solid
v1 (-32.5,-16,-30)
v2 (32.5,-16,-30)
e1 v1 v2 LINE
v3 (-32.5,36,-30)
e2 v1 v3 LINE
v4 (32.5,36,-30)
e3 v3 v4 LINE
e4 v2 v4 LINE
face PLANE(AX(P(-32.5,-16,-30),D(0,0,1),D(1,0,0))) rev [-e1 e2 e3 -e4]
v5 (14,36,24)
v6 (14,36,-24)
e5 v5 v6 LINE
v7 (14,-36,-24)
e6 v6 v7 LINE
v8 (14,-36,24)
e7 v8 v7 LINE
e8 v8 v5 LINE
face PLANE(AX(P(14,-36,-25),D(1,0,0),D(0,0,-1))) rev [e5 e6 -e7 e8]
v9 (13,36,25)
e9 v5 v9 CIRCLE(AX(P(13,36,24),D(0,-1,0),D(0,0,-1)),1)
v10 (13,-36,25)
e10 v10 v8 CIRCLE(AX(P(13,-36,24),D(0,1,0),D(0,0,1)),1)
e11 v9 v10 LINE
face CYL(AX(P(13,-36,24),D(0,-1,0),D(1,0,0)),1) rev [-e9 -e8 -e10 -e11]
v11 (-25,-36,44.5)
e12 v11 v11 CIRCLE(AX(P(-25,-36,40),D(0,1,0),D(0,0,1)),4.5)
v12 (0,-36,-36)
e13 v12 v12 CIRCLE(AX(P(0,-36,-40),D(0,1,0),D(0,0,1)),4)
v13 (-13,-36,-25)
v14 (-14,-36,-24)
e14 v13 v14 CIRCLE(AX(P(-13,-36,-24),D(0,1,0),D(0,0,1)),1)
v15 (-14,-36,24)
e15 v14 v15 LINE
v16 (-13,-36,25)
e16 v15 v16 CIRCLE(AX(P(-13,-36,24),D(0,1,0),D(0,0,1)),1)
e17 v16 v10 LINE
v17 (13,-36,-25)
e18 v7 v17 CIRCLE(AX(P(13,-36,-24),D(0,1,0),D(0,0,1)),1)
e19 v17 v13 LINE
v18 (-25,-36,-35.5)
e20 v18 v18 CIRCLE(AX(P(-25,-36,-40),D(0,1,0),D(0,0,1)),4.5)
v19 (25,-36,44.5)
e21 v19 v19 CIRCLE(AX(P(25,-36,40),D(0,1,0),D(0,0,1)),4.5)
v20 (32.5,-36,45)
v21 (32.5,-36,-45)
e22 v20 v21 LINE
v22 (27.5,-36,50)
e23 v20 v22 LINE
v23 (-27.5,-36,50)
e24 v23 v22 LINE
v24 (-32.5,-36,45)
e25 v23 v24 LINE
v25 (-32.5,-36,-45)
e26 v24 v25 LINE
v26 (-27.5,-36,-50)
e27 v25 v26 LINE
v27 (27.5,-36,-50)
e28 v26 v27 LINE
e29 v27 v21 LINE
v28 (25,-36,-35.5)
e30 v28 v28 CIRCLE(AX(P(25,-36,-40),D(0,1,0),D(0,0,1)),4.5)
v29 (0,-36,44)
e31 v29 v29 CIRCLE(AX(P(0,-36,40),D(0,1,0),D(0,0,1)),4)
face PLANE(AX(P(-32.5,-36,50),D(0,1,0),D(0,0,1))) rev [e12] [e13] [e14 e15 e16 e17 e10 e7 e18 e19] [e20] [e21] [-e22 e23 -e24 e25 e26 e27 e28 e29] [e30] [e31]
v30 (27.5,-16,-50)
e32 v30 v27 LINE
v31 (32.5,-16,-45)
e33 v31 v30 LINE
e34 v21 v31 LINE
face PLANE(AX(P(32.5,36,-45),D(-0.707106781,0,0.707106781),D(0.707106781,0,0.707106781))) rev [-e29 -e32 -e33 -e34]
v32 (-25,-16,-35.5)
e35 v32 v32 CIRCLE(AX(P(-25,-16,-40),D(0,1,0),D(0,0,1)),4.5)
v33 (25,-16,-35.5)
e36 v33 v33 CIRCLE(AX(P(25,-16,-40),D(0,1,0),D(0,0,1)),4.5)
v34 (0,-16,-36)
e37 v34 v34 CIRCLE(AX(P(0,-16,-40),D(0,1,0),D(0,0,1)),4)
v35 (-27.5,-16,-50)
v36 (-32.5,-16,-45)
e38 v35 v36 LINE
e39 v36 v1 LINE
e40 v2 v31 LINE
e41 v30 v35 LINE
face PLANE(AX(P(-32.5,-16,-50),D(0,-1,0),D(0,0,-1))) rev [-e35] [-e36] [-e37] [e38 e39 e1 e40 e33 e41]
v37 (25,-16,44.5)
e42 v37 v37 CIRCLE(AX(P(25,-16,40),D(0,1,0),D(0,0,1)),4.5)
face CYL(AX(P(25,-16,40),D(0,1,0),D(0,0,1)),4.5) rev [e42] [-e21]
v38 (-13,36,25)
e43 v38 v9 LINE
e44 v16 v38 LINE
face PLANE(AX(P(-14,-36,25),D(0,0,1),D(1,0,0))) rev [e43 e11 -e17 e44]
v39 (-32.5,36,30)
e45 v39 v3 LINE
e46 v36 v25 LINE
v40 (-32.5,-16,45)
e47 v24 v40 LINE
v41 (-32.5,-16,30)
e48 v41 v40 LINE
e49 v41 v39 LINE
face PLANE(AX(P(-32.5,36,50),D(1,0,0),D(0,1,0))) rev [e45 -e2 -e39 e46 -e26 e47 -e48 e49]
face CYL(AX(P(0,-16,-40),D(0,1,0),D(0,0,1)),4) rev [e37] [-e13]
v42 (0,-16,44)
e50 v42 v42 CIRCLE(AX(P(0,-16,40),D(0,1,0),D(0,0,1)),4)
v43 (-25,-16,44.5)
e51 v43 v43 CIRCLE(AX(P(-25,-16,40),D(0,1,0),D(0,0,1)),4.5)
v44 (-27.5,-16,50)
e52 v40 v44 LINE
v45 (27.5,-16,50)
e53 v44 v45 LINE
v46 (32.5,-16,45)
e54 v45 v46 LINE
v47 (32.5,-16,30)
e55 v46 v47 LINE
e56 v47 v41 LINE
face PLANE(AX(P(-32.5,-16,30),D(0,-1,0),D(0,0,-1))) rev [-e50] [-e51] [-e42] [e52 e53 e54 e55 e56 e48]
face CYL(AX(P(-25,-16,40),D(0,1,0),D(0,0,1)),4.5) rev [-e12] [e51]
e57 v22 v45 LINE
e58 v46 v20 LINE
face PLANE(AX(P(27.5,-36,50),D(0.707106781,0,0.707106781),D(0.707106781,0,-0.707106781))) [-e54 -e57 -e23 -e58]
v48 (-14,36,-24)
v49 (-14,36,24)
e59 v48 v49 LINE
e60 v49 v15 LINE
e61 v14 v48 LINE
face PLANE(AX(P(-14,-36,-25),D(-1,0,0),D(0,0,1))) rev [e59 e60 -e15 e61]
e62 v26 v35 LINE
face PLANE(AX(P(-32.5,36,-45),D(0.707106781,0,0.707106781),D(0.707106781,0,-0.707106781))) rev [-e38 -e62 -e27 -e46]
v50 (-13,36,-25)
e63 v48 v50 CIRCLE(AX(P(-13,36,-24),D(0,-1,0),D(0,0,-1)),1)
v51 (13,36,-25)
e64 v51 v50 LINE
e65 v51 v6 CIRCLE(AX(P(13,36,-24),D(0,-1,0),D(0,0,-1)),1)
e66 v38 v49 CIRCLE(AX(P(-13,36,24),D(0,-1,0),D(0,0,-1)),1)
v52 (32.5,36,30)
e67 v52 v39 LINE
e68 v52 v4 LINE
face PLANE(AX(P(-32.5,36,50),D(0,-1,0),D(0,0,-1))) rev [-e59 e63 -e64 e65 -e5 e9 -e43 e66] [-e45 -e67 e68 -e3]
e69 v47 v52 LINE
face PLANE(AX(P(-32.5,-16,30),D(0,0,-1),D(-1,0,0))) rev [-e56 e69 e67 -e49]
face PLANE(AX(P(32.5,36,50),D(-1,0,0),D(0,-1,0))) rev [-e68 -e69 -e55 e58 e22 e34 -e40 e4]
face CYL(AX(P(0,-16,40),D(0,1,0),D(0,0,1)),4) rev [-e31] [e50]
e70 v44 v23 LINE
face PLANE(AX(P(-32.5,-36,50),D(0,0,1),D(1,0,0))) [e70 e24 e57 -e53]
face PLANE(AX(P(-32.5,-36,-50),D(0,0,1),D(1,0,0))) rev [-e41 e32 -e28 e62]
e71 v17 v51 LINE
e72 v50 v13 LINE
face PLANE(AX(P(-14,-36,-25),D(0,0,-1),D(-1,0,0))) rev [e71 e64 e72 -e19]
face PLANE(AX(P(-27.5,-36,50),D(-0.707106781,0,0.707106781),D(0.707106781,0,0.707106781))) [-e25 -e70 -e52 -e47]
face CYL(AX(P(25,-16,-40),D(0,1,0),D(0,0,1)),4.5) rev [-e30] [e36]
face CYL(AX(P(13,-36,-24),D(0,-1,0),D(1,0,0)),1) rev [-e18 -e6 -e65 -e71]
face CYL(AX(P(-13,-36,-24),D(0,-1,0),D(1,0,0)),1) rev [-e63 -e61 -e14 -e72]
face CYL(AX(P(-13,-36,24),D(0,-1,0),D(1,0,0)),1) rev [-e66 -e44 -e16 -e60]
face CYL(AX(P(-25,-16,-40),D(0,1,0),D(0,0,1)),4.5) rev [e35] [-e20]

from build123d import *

# Parameters (mm, degrees)
SKETCH_1_W            = 65
SKETCH_1_H            = 72
EXTRUDE_1_DEPTH       = 50
SKETCH_2_W            = 28
SKETCH_2_H            = 50
CUT_EXTRUDE_1_DEPTH   = 94.489304201
SKETCH_4_W            = 65
SKETCH_4_H            = 20
CUT_EXTRUDE_3_DEPTH   = 52
CHAMFER_1_SIZE        = 5
HOLE_WIZARD_9_0_9_1_D = 9
HOLE_WIZARD_8_0_8_1_D = 8
FILLET_1_R            = 1


with BuildPart() as part:
    # 草圖1 → 伸長1 (new, symmetric)
    with BuildSketch(Plane.XY):
        Rectangle(SKETCH_1_W, SKETCH_1_H)
    extrude(amount=EXTRUDE_1_DEPTH, both=True)

    # 草圖2 → 除料-伸長1 (cut, through all)
    with BuildSketch(Plane(origin=(0, 36, 0), x_dir=(1, 0, 0), z_dir=(0, 1, 0))):
        Rectangle(SKETCH_2_W, SKETCH_2_H)
    extrude(amount=-CUT_EXTRUDE_1_DEPTH, mode=Mode.SUBTRACT)

    # 草圖4 → 除料-伸長3 (cut)
    with BuildSketch(Plane(origin=(0, 36, 0), x_dir=(1, 0, 0), z_dir=(0, 1, 0))):
        with Locations((0, -40)):
            Rectangle(SKETCH_4_W, SKETCH_4_H)
        with Locations((0, 40)):
            Rectangle(SKETCH_4_W, SKETCH_4_H)
    extrude(amount=-CUT_EXTRUDE_3_DEPTH, mode=Mode.SUBTRACT)

    # 導角1
    chamfer_1_edges = [part.edges().sort_by_distance(p)[0] for p in [
        (32.5, -26, 50),
        (-32.5, -26, 50),
        (-32.5, -26, -50),
        (32.5, -26, -50),
    ]]
    chamfer(chamfer_1_edges, length=CHAMFER_1_SIZE)

    # Ø9.0 (9) 直徑孔1 (through all)
    with Locations(Plane(origin=(0, -16, 0), x_dir=(-1, 0, 0), z_dir=(0, 1, 0))):
        with Locations((25, -40), (-25, -40), (-25, 40), (25, 40)):
            Hole(HOLE_WIZARD_9_0_9_1_D / 2)

    # Ø8.0 (8) 直徑孔1 (through all)
    with Locations(Plane(origin=(0, -16, 0), x_dir=(-1, 0, 0), z_dir=(0, 1, 0))):
        with Locations((0, -40), (0, 40)):
            Hole(HOLE_WIZARD_8_0_8_1_D / 2)

    # 圓角1
    fillet_1_edges = [part.edges().sort_by_distance(p)[0] for p in [
        (-14, 0, 25),
        (-14, 0, -25),
        (14, 0, -25),
        (14, 0, 25),
    ]]
    fillet(fillet_1_edges, radius=FILLET_1_R)


solid = part.part
